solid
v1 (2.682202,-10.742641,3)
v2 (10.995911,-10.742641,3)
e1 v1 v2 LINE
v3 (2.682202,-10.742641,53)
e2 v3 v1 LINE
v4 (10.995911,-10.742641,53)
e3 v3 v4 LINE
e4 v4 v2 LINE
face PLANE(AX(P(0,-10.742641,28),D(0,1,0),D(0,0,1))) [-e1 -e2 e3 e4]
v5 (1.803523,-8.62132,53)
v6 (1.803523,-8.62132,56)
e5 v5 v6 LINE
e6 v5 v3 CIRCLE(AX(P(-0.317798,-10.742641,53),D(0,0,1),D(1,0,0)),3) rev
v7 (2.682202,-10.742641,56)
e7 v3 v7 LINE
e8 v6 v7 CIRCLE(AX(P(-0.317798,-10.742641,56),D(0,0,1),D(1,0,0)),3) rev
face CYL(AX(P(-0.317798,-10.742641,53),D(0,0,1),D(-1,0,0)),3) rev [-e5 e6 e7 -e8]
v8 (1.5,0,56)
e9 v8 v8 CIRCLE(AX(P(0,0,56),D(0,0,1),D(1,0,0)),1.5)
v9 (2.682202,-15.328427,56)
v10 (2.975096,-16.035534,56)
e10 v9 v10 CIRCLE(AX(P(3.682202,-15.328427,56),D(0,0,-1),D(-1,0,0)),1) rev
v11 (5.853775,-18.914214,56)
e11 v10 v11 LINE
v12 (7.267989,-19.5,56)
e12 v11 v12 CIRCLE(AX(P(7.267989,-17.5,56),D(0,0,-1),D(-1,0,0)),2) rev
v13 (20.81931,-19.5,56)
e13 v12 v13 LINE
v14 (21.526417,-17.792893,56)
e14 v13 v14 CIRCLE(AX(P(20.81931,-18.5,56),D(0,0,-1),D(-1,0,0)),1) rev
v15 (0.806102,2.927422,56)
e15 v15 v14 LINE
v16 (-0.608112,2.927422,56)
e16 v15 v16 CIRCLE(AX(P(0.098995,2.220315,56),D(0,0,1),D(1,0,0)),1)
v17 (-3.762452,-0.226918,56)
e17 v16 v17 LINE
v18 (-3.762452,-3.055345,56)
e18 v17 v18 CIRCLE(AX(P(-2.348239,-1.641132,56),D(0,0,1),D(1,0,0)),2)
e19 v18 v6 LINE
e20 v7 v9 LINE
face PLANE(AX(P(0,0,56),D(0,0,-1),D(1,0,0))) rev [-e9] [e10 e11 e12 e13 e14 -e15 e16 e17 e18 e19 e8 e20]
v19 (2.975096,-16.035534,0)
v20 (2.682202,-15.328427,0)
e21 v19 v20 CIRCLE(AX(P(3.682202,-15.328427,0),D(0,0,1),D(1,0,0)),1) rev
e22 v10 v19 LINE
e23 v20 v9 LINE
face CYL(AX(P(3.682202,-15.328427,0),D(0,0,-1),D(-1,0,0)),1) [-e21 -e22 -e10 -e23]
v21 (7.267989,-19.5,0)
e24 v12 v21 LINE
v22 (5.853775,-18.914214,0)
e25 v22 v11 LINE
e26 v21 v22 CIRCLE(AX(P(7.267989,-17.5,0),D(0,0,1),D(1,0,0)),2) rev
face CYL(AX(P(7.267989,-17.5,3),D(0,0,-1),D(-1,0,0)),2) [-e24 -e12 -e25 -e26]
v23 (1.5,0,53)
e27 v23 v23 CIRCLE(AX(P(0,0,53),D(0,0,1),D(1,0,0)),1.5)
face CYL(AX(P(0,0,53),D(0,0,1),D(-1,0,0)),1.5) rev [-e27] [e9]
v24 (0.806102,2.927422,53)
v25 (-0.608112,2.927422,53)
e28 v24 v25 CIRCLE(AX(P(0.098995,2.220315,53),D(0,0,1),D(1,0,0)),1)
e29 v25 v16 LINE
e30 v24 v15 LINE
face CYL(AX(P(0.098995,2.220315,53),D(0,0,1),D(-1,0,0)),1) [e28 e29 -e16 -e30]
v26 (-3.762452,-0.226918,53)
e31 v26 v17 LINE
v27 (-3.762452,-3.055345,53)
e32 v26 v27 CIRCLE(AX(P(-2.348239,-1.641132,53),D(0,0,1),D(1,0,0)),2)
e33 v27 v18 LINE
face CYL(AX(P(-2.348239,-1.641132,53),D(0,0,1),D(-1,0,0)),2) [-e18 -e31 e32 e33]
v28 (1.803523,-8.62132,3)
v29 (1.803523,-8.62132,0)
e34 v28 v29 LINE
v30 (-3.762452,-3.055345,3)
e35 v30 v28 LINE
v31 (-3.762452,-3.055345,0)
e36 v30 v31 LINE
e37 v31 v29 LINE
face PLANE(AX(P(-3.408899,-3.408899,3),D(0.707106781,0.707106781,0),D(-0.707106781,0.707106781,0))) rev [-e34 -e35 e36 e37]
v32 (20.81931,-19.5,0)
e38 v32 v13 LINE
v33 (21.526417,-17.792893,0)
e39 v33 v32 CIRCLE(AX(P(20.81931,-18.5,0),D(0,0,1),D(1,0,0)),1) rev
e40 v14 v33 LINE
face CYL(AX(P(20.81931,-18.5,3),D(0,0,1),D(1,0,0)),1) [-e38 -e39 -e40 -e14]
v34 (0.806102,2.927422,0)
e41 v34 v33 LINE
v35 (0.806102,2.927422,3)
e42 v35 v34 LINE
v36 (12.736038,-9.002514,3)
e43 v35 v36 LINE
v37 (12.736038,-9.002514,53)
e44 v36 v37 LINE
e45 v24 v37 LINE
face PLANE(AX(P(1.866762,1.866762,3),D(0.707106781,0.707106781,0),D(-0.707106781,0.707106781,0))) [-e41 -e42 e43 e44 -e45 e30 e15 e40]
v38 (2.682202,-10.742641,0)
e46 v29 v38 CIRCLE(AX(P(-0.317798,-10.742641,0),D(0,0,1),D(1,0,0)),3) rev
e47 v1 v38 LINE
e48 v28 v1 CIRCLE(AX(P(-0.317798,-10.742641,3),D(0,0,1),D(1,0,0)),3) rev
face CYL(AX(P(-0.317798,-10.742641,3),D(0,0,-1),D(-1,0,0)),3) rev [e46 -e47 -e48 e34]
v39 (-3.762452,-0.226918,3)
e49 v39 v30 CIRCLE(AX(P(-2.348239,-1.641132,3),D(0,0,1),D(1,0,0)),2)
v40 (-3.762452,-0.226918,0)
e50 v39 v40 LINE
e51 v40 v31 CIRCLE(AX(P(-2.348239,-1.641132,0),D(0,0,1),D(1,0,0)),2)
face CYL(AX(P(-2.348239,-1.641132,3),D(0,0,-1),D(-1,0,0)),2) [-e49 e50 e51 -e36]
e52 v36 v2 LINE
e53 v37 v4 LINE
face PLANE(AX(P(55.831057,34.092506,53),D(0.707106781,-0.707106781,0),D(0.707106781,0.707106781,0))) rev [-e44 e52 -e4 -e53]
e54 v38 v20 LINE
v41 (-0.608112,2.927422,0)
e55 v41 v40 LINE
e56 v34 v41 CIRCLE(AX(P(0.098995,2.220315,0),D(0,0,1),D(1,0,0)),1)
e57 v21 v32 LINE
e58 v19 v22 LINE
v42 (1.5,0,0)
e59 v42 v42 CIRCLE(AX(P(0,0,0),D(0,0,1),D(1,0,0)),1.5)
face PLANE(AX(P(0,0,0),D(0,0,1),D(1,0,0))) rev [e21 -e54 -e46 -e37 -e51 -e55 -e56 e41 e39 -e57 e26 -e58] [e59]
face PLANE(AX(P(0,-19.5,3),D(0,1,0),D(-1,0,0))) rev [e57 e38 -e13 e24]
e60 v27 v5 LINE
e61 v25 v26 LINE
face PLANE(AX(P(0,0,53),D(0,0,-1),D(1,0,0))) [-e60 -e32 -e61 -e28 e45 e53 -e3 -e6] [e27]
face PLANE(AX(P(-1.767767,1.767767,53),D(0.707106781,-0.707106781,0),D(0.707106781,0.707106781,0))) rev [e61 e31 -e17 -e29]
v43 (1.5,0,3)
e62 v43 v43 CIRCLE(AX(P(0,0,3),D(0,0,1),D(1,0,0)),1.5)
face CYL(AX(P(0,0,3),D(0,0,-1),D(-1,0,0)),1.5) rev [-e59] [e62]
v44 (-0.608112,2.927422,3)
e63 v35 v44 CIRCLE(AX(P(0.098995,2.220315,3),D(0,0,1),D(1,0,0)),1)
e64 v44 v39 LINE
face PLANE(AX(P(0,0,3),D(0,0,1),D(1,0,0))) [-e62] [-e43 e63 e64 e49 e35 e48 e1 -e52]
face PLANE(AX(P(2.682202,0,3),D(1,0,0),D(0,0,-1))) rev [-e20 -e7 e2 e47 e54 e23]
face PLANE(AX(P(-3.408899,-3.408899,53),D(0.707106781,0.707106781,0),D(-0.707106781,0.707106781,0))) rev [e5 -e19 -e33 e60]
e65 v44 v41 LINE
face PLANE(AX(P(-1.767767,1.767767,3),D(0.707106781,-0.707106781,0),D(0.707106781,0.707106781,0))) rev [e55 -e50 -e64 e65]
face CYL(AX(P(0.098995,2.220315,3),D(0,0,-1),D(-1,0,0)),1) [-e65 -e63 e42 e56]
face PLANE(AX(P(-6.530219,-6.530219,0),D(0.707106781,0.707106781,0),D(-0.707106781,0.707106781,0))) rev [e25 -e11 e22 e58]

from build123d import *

# Parameters (mm, degrees)
SKETCH1_R           = 1.5
BOSS_EXTRUDE1_DEPTH = 3
BOSS_EXTRUDE2_DEPTH = 25
SKETCH6_W           = 56
SKETCH6_H           = 9.11547301
CUT_EXTRUDE1_DEPTH  = 63.91555103
FILLET1_R           = 2
FILLET2_R           = 1
BOSS_EXTRUDE4_DEPTH = 2.460910909
BOSS_EXTRUDE5_DEPTH = 56
FILLET3_R           = 1


with BuildPart() as part:
    # Sketch1 → Boss-Extrude1 (new body)
    with BuildSketch(Plane.XY):
        with BuildLine():
            ThreePointArc((2.68220241, -18.5), (2.975095629, -19.207106781), (3.68220241, -19.5))
            Line((3.68220241, -19.5), (18.54616344, -19.5))
            ThreePointArc((18.54616344, -19.5), (19.008103207, -19.191341716), (18.899716831, -18.646446609))
            Line((18.899716831, -18.646446609), (15.000000504, -14.746730282))
            Line((15.000000504, -14.746730282), (2.601508845, -2.348238623))
            Line((2.601508845, -2.348238623), (1.894402064, -1.641131842))
            Line((1.894402064, -1.641131842), (2.601508845, -0.934025061))
            Line((2.601508845, -0.934025061), (2.927422074, -0.608111832))
            Line((2.927422074, -0.608111832), (3.634528855, 0.098994949))
            Line((3.634528855, 0.098994949), (2.927422074, 0.806101731))
            Line((2.927422074, 0.806101731), (0.806101731, 2.927422074))
            ThreePointArc((0.806101731, 2.927422074), (0.098994949, 3.220315293), (-0.608111832, 2.927422074))
            Line((-0.608111832, 2.927422074), (-1.641131842, 1.894402064))
            Line((-1.641131842, 1.894402064), (-3.762452186, -0.22691828))
            ThreePointArc((-3.762452186, -0.22691828), (-4.348238623, -1.641131842), (-3.762452186, -3.055345405))
            Line((-3.762452186, -3.055345405), (1.803522753, -8.621320344))
            ThreePointArc((1.803522753, -8.621320344), (2.453841007, -9.59459039), (2.68220241, -10.742640687))
            Line((2.68220241, -10.742640687), (2.68220241, -18.5))
        make_face()
        Circle(SKETCH1_R, mode=Mode.SUBTRACT)
    boss_extrude1 = extrude(amount=BOSS_EXTRUDE1_DEPTH)

    # Sketch2 → Boss-Extrude2 (add)
    with BuildSketch(Plane.XY.offset(3)):
        with BuildLine():
            Line((18.899716831, -18.646446609), (10.995910909, -10.742640687))
            Line((10.995910909, -10.742640687), (2.68220241, -10.742640687))
            Line((2.68220241, -10.742640687), (2.68220241, -18.5))
            ThreePointArc((2.68220241, -18.5), (2.975095629, -19.207106781), (3.68220241, -19.5))
            Line((3.68220241, -19.5), (18.54616344, -19.5))
            ThreePointArc((18.54616344, -19.5), (19.008103207, -19.191341716), (18.899716831, -18.646446609))
        make_face()
    boss_extrude2 = extrude(amount=BOSS_EXTRUDE2_DEPTH)

    # Mirror1: Boss-Extrude1, Boss-Extrude2 across plane
    add(boss_extrude1.mirror(Plane.XY.offset(28)))
    add(boss_extrude2.mirror(Plane.XY.offset(28)))

    # Sketch6 → Cut-Extrude1 (cut, through all)
    with BuildSketch(Plane(origin=(-6.530219139, -6.530219139, 0), x_dir=(0, 0, 1), z_dir=(-0.7071067811865487, -0.7071067811865465, 0))):
        with Locations((28, -17.586068001)):
            Rectangle(SKETCH6_W, SKETCH6_H)
    extrude(amount=CUT_EXTRUDE1_DEPTH, mode=Mode.SUBTRACT)

    # Fillet1
    fillet1_edges = [part.edges().sort_by_distance(p)[0] for p in [
        (6.439561723, -19.5, 28),
    ]]
    fillet(fillet1_edges, radius=FILLET1_R)

    # Fillet2
    fillet2_edges = [part.edges().sort_by_distance(p)[0] for p in [
        (2.68220241, -15.742640687, 28),
    ]]
    fillet(fillet2_edges, radius=FILLET2_R)

    # Sketch9 → Boss-Extrude4 (add)
    with BuildSketch(Plane(origin=(0.126635111, 0.126635111, 0), x_dir=(0, 0, -1), z_dir=(0.7071067811865487, 0.7071067811865465, 0))):
        Polygon((-56, -2.5), (-53, -2.5), (-53, -15.371477247), (-3, -15.371477247), (-3, -2.5), (0, -2.5), (0, -26.549146776), (-56, -26.549146776), align=None)
    extrude(amount=BOSS_EXTRUDE4_DEPTH)

    # Sketch10 → Boss-Extrude5 (add)
    with BuildSketch(Plane(origin=(0, 0, 0), x_dir=(-1, 0, 0), z_dir=(0, 0, -1))):
        Polygon((-20.639843623, -16.906319818), (-18.04616344, -19.5), (-23.233523805, -19.5), align=None)
    extrude(amount=-BOSS_EXTRUDE5_DEPTH)

    # Fillet3
    fillet3_edges = [part.edges().sort_by_distance(p)[0] for p in [
        (23.233523805, -19.5, 28),
    ]]
    fillet(fillet3_edges, radius=FILLET3_R)


solid = part.part
